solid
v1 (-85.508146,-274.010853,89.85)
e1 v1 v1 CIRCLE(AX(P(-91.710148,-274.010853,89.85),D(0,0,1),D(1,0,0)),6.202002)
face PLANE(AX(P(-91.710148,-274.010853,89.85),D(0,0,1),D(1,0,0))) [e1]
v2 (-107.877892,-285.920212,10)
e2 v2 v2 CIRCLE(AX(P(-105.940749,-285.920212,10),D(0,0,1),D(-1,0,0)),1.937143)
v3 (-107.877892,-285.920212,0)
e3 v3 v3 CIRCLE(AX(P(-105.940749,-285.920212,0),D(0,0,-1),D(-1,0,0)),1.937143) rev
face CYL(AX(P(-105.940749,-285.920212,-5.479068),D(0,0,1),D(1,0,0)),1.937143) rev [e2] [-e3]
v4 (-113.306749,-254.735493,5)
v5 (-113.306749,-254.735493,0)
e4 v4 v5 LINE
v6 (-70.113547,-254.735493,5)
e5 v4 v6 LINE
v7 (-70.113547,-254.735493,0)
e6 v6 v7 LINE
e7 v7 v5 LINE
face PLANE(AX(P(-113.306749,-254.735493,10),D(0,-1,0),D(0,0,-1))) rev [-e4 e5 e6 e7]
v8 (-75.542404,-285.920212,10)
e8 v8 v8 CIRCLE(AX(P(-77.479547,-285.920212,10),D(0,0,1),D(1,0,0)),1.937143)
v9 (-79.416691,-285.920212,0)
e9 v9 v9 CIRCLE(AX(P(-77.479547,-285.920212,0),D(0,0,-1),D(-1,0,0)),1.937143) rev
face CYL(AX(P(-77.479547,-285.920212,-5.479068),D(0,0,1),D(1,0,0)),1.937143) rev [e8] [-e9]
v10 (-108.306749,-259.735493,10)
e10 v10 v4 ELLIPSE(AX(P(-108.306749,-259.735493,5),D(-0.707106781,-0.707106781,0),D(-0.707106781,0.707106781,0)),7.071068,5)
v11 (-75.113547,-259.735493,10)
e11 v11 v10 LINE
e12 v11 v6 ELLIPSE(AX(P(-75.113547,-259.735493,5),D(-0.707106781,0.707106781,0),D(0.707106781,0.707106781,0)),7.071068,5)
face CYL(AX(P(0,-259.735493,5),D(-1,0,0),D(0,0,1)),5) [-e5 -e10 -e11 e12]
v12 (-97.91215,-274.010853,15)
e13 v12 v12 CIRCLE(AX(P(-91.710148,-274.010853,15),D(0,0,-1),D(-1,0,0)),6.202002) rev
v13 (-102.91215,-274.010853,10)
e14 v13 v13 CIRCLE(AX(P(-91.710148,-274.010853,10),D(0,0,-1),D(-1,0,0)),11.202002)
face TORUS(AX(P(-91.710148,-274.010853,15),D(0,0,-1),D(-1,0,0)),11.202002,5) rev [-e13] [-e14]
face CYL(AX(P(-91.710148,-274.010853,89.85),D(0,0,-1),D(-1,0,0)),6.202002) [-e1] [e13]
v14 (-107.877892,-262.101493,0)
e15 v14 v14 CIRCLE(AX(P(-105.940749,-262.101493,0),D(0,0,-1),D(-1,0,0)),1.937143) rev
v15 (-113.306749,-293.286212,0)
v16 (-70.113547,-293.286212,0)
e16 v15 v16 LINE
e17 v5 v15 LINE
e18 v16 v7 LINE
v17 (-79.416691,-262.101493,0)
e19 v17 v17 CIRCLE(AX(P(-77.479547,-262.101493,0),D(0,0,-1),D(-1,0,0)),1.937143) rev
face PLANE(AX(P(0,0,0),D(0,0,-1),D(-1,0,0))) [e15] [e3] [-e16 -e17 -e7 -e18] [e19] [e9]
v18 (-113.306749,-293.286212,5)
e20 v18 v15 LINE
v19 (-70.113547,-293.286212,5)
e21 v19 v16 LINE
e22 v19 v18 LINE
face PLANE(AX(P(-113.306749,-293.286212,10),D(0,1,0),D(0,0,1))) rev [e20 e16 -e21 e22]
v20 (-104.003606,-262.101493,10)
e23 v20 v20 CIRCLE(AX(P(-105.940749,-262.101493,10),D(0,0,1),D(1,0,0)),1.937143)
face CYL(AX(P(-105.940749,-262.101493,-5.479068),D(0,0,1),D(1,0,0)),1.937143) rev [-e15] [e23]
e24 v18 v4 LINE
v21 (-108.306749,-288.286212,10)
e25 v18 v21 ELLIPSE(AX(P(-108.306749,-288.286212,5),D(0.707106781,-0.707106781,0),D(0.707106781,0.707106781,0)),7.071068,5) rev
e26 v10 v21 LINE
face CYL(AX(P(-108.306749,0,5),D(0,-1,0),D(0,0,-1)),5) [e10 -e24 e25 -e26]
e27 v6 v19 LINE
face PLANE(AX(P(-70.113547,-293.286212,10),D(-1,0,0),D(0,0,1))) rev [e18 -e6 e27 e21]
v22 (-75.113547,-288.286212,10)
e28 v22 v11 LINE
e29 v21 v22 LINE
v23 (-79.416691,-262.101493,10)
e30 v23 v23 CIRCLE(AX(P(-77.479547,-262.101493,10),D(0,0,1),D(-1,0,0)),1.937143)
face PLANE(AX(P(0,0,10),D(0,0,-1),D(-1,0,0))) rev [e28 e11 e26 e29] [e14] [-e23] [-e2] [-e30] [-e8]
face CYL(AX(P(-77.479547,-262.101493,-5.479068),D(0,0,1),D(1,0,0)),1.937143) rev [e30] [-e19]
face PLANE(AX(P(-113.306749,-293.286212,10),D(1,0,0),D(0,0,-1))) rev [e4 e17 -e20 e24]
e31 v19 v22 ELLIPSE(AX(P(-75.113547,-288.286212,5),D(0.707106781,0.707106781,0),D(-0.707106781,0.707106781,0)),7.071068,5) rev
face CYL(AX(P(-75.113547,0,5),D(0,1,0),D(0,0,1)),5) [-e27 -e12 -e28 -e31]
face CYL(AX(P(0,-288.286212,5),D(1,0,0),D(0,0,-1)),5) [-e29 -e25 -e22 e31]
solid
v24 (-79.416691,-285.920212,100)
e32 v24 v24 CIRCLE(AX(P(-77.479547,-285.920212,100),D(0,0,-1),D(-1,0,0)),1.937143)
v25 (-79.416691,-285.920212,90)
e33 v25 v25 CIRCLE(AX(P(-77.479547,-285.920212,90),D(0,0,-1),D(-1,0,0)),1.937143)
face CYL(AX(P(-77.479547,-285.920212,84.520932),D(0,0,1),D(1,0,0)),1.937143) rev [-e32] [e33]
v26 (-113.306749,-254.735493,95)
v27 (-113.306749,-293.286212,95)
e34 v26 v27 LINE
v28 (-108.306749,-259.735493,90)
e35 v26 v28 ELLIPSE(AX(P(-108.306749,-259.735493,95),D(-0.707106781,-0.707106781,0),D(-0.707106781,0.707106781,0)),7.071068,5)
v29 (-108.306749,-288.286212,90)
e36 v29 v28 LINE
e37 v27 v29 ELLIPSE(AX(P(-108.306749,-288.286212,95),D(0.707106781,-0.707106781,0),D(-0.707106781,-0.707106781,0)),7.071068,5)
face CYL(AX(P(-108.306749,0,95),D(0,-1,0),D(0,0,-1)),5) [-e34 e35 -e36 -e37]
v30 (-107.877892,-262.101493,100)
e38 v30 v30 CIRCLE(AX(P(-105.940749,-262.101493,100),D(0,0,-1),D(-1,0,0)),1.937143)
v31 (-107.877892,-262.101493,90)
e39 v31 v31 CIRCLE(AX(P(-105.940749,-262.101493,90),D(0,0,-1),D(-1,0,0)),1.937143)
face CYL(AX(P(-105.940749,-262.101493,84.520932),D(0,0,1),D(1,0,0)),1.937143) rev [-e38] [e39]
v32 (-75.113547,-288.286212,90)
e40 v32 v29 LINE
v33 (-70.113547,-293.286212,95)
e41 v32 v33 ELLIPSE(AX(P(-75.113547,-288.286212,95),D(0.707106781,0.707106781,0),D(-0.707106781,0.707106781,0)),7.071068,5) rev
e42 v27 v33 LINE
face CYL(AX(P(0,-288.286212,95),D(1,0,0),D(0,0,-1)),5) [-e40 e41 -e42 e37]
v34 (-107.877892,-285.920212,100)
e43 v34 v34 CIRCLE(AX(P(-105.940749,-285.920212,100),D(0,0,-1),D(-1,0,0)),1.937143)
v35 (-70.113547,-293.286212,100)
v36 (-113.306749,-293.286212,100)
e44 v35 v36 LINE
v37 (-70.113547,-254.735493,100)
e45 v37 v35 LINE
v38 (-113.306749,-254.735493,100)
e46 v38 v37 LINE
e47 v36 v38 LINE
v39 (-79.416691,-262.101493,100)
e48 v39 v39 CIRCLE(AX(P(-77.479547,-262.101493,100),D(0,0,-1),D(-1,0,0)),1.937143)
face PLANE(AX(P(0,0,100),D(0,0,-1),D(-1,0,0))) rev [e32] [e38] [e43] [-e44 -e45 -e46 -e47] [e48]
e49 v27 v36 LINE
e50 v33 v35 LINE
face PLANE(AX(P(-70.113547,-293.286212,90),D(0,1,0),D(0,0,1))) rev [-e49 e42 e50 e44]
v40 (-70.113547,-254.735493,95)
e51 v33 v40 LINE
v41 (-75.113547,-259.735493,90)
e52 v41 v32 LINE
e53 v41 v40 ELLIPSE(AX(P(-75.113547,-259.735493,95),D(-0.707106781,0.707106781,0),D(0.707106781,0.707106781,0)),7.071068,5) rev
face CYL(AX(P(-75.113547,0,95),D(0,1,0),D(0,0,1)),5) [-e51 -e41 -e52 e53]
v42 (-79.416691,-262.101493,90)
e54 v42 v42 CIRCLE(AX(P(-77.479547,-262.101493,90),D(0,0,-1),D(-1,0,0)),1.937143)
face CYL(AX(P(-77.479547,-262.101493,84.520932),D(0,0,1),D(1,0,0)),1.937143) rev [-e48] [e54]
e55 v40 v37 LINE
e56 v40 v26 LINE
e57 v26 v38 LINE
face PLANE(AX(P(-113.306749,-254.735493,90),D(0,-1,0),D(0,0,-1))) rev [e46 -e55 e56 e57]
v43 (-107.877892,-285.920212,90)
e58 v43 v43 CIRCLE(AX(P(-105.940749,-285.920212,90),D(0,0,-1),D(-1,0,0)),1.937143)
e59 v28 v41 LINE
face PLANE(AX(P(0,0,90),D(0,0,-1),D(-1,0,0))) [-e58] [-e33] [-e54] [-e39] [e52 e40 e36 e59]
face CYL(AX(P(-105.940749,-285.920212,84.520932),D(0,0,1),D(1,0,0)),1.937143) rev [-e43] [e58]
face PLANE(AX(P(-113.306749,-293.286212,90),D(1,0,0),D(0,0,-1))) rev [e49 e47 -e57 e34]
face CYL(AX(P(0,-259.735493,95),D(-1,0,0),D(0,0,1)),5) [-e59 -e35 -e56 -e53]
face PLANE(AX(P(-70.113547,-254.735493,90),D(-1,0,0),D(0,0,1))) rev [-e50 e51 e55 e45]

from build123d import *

# Parameters (mm, degrees)
SKETCH1_W           = 43.193201396
SKETCH1_H           = 38.550718919
BOSS_EXTRUDE1_DEPTH = 10
SKETCH2_R           = 6.202002341
BOSS_EXTRUDE2_DEPTH = 79.85
SKETCH3_W           = 43.193201396
SKETCH3_H           = 38.550718919
BOSS_EXTRUDE3_DEPTH = 10
FILLET2_R           = 5
FILLET5_R           = 5
FILLET6_R           = 5
SKETCH5_R           = 1.937143187
CUT_EXTRUDE3_DEPTH  = 10
SKETCH4_R           = 1.937143187
CUT_EXTRUDE4_DEPTH  = 10


with BuildPart() as part:
    # Sketch1 → Boss-Extrude1 (new body)
    with BuildSketch(Plane.XY):
        with Locations((-91.710148042, -274.010852562)):
            Rectangle(SKETCH1_W, SKETCH1_H)
    extrude(amount=BOSS_EXTRUDE1_DEPTH)

    # Sketch2 → Boss-Extrude2 (add)
    with BuildSketch(Plane.XY.offset(10)):
        with Locations((-91.710148042, -274.010852562)):
            Circle(SKETCH2_R)
    extrude(amount=BOSS_EXTRUDE2_DEPTH)

    # Fillet2
    fillet2_edges = [part.edges().sort_by_distance(p)[0] for p in [
        (-97.912150383, -274.010852562, 10),
    ]]
    fillet(fillet2_edges, radius=FILLET2_R)

    # Fillet6
    fillet6_edges = [part.edges().sort_by_distance(p)[0] for p in [
        (-70.113547344, -274.010852562, 10),
        (-91.710148042, -254.735493102, 10),
        (-113.30674874, -274.010852562, 10),
        (-91.710148042, -293.286212021, 10),
    ]]
    fillet(fillet6_edges, radius=FILLET6_R)

    # Sketch4 → Cut-Extrude4 (cut)
    with BuildSketch(Plane.XY.offset(10)):
        with Locations(Location((-77.479547344, -285.920212021, 0), (0, 0, 180))):
            Circle(SKETCH4_R)
        with Locations(Location((-105.94074874, -285.920212021, 0), (0, 0, 180))):
            Circle(SKETCH4_R)
        with Locations(Location((-77.479547344, -262.101493102, 0), (0, 0, 180))):
            Circle(SKETCH4_R)
        with Locations(Location((-105.94074874, -262.101493102, 0), (0, 0, 180))):
            Circle(SKETCH4_R)
    extrude(amount=-CUT_EXTRUDE4_DEPTH, mode=Mode.SUBTRACT)


with BuildPart() as body_2:
    # Sketch3 → Boss-Extrude3 (new body)
    with BuildSketch(Plane(origin=(0, 0, 100), x_dir=(-1, 0, 0), z_dir=(0, 0, -1))):
        with Locations((91.710148042, -274.010852562)):
            Rectangle(SKETCH3_W, SKETCH3_H)
    extrude(amount=BOSS_EXTRUDE3_DEPTH)

    # Fillet5
    fillet5_edges = [body_2.edges().sort_by_distance(p)[0] for p in [
        (-91.710148042, -254.735493102, 90),
        (-70.113547344, -274.010852562, 90),
        (-91.710148042, -293.286212021, 90),
        (-113.30674874, -274.010852562, 90),
    ]]
    fillet(fillet5_edges, radius=FILLET5_R)

    # Sketch5 → Cut-Extrude3 (cut)
    with BuildSketch(Plane(origin=(0, 0, 100), x_dir=(-1, 0, 0), z_dir=(0, 0, -1))):
        with Locations((105.94074874, -285.920212021)):
            Circle(SKETCH5_R)
        with Locations((105.94074874, -262.101493102)):
            Circle(SKETCH5_R)
        with Locations((77.479547344, -262.101493102)):
            Circle(SKETCH5_R)
        with Locations((77.479547344, -285.920212021)):
            Circle(SKETCH5_R)
    extrude(amount=CUT_EXTRUDE3_DEPTH, mode=Mode.SUBTRACT)


solid = Compound([part.part, body_2.part])
